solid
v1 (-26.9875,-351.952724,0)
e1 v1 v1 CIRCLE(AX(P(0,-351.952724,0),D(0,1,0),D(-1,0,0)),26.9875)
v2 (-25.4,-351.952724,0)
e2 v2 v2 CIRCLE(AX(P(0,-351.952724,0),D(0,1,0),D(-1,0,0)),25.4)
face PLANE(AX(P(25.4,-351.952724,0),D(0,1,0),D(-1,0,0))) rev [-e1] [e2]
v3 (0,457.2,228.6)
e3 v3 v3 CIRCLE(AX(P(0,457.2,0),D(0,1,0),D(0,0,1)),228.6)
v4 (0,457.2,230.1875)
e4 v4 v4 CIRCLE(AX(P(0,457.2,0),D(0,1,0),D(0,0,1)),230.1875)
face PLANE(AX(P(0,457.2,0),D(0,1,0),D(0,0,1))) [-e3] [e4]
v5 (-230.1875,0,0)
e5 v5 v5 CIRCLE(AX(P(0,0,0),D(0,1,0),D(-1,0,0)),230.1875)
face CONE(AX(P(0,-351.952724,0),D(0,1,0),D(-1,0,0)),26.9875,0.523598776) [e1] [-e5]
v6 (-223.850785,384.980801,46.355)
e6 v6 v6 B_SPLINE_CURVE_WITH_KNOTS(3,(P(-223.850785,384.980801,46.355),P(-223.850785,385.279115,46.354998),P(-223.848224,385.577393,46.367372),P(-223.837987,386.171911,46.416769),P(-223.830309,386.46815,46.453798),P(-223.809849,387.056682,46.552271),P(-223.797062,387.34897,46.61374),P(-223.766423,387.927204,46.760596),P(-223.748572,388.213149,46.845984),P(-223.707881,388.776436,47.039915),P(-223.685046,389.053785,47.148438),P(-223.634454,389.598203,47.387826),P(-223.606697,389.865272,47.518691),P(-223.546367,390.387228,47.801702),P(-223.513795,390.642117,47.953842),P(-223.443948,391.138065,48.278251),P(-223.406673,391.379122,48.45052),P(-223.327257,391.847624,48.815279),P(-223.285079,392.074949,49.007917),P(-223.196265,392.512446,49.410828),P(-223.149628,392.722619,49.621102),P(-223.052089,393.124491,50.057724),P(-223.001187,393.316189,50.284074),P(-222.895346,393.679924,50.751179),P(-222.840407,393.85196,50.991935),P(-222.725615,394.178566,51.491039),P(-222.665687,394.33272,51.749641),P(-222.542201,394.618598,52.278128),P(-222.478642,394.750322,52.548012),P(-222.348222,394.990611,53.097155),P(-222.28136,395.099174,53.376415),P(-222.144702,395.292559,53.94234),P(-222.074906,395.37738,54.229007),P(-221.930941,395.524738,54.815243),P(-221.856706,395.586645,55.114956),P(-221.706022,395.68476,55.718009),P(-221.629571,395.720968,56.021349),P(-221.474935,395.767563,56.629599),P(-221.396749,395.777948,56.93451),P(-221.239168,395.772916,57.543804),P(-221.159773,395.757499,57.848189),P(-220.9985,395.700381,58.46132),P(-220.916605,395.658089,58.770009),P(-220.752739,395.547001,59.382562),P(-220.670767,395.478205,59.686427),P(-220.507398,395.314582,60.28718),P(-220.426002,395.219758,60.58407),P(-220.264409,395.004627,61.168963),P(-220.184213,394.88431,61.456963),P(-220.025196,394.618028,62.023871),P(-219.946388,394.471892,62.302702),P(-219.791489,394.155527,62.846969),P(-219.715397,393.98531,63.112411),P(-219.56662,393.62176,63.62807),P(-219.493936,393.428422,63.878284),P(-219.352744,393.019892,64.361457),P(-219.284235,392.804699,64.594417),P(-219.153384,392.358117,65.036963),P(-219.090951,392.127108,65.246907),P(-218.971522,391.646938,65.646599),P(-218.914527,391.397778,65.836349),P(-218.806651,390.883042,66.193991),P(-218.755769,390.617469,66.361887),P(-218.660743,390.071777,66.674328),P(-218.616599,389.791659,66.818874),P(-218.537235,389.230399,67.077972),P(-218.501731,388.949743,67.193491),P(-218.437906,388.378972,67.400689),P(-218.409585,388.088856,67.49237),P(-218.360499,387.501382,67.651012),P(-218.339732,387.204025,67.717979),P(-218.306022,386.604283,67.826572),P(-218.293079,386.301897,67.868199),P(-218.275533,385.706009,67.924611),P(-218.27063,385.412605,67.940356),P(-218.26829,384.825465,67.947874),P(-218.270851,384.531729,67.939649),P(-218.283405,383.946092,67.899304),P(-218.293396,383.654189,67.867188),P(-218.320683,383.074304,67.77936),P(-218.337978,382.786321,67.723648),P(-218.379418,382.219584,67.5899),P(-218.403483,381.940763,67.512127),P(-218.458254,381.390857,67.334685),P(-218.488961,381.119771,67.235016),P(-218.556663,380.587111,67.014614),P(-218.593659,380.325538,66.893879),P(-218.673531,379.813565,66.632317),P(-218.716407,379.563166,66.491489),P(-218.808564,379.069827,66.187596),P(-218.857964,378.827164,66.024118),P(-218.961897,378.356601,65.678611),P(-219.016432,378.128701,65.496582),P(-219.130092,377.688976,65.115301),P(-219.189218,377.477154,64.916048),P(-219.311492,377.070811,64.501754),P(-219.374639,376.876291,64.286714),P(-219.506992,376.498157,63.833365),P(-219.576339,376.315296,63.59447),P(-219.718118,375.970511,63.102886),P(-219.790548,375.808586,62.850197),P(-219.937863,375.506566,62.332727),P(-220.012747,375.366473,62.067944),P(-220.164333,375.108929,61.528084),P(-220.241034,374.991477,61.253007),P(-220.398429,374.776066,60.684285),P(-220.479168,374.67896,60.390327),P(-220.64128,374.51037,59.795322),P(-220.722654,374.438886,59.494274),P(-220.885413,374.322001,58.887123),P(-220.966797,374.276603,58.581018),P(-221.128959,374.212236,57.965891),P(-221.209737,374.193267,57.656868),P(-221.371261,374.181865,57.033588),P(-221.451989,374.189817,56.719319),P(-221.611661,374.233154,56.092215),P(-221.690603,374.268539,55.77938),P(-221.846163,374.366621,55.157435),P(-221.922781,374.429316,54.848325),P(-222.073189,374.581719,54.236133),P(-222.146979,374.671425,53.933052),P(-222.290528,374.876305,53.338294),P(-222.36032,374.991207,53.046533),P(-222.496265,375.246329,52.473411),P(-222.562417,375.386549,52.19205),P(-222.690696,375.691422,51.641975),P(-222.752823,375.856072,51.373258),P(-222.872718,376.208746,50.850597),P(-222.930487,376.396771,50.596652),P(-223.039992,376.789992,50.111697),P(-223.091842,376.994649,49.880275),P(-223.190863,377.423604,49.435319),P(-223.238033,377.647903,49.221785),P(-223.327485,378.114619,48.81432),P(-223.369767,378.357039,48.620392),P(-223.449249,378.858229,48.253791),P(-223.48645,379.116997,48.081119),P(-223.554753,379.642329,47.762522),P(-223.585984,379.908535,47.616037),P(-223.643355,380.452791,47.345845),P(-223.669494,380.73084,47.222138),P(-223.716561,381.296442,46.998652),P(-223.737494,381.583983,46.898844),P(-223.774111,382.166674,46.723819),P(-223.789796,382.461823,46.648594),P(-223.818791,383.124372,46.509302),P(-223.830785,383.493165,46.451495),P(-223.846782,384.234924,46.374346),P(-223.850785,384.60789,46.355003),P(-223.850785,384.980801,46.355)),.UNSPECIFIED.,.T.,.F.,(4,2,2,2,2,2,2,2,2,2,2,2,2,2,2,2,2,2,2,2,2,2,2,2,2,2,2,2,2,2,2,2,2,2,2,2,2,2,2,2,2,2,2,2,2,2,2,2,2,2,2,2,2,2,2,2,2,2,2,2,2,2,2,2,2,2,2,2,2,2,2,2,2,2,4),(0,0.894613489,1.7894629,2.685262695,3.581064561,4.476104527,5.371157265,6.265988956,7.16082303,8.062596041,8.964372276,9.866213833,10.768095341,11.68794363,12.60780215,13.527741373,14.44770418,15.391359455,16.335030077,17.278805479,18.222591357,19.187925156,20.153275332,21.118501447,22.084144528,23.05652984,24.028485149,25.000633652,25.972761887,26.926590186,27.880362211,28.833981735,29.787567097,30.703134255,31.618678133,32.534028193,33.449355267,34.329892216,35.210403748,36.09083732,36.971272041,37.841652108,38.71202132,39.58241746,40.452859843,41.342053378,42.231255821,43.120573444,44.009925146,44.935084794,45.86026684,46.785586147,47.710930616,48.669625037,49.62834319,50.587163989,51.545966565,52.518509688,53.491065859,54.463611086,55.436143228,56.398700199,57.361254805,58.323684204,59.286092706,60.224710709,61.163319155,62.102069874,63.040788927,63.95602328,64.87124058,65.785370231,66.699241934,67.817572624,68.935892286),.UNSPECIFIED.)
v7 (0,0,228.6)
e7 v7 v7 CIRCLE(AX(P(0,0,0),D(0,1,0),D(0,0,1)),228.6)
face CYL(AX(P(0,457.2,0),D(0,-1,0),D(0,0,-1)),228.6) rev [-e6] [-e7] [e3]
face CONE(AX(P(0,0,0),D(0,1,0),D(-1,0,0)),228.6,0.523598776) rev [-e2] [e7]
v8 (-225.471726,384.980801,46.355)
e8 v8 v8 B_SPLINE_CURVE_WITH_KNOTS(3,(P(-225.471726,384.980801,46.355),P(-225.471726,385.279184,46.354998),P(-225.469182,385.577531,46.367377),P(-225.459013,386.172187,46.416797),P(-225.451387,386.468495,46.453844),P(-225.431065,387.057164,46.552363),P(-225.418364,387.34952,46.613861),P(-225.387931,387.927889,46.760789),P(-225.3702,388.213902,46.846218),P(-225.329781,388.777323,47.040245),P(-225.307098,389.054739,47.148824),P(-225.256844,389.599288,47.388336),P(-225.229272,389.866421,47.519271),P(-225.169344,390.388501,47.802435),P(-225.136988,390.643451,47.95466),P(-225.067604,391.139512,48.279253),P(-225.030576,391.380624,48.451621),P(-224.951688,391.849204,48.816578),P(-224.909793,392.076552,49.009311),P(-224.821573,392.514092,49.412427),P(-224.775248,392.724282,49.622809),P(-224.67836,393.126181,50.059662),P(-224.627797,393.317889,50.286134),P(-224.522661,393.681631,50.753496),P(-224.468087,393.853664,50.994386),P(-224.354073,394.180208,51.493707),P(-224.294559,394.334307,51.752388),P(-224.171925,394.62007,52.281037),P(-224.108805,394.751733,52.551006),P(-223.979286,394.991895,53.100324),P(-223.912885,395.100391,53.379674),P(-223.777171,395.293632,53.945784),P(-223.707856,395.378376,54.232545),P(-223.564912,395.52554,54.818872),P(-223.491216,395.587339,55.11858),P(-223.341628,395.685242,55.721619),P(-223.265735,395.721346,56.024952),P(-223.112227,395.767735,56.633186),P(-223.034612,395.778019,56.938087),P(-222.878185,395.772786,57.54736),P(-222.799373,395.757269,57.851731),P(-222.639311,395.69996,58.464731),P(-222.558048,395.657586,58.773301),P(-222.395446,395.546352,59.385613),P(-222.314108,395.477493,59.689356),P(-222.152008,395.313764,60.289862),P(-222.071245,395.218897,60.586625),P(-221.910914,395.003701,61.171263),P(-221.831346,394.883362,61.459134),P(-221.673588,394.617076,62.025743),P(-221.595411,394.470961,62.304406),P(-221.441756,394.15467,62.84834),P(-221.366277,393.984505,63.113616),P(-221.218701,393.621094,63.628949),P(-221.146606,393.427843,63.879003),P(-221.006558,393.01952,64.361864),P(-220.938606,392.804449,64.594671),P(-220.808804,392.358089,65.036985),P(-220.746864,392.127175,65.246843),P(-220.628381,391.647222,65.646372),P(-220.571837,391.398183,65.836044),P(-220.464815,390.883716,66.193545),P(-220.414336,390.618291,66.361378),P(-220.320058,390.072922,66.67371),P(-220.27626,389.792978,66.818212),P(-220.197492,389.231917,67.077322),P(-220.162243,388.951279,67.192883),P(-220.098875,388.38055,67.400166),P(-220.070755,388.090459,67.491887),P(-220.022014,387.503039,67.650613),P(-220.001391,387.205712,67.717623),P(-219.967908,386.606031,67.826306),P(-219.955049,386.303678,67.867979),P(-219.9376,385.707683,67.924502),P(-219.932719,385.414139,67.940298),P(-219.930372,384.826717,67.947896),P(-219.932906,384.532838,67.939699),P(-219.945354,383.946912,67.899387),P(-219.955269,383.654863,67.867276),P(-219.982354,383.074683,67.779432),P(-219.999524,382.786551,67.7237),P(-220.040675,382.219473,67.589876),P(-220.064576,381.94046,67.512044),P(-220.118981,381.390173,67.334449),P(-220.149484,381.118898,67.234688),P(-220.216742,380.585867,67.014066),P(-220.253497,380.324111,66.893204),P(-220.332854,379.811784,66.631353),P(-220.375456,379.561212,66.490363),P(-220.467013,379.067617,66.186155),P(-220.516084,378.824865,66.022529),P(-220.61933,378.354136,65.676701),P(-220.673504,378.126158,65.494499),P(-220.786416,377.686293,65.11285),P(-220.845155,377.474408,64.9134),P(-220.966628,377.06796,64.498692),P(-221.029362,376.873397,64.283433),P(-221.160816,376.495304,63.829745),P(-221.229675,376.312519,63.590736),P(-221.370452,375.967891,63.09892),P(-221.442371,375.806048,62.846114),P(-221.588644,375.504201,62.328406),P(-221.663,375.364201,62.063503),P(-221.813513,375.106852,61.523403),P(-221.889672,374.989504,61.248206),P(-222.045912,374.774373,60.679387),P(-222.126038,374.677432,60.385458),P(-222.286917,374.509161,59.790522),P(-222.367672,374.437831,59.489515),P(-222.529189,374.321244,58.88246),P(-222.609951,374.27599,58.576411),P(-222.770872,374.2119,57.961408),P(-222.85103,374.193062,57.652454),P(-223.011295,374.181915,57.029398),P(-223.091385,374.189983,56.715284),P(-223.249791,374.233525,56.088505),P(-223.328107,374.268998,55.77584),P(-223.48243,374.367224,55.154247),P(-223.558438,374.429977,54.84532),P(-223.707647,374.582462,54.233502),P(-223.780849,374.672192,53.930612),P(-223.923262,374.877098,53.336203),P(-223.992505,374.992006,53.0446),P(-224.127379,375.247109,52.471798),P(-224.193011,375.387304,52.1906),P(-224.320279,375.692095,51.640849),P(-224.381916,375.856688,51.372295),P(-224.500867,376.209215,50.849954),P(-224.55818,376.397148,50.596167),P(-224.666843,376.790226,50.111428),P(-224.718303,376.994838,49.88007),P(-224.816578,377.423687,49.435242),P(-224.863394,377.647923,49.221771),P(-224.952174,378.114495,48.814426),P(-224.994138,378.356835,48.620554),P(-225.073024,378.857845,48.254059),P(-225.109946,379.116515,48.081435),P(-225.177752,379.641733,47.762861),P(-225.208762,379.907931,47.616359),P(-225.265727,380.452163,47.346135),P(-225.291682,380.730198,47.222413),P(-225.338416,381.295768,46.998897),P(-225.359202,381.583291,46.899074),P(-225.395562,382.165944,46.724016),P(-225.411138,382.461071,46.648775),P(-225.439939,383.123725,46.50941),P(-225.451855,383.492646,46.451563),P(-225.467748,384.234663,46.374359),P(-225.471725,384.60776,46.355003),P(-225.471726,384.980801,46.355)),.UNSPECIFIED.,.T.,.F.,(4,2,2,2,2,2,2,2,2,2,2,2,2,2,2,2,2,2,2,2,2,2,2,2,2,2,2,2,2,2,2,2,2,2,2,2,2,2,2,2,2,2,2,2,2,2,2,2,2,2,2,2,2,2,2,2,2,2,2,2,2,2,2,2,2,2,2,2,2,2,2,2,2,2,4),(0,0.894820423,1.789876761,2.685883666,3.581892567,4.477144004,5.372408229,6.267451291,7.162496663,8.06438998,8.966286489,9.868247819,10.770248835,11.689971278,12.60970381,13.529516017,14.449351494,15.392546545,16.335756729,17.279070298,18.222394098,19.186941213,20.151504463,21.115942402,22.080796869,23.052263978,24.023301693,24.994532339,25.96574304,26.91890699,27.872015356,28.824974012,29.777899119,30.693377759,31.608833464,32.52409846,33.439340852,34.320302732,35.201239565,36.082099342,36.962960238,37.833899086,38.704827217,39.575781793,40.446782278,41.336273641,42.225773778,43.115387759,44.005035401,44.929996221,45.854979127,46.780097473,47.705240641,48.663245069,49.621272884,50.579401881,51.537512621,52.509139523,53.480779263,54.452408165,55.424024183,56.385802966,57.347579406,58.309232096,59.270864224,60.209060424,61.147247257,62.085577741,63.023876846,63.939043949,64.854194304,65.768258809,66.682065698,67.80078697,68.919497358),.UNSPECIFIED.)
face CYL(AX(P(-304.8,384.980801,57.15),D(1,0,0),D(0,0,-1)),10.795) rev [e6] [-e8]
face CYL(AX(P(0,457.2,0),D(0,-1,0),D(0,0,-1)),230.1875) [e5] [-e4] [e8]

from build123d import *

# Parameters (mm, degrees)
SKETCH7_R           = 230.1875
SKETCH7_R_2         = 228.6
BOSS_EXTRUDE1_DEPTH = 457.2
SKETCH9_R           = 10.795
CUT_EXTRUDE1_DEPTH  = 304.8


with BuildPart() as part:
    # Sketch7 → Boss-Extrude1 (new body)
    with BuildSketch(Plane(origin=(0, 0, 0), x_dir=(1, 0, 0), z_dir=(0, 1, 0))):
        Circle(SKETCH7_R)
        Circle(SKETCH7_R_2, mode=Mode.SUBTRACT)
    extrude(amount=BOSS_EXTRUDE1_DEPTH)

    # Sketch8 → Revolve1 (revolve)
    with BuildSketch(Plane.XY):
        Polygon((228.6, 0), (230.1875, 0), (26.9875, -351.952724098), (25.4, -351.952724098), align=None)
    revolve(axis=Axis((0, 0, 0), (0, -1, 0)))

    # Sketch9 → Cut-Extrude1 (cut)
    with BuildSketch(Plane(origin=(0, 0, 0), x_dir=(0, 0, -1), z_dir=(1, 0, 0))):
        with Locations((-57.15, 384.980800527)):
            Circle(SKETCH9_R)
    extrude(amount=-CUT_EXTRUDE1_DEPTH, mode=Mode.SUBTRACT)


solid = part.part
